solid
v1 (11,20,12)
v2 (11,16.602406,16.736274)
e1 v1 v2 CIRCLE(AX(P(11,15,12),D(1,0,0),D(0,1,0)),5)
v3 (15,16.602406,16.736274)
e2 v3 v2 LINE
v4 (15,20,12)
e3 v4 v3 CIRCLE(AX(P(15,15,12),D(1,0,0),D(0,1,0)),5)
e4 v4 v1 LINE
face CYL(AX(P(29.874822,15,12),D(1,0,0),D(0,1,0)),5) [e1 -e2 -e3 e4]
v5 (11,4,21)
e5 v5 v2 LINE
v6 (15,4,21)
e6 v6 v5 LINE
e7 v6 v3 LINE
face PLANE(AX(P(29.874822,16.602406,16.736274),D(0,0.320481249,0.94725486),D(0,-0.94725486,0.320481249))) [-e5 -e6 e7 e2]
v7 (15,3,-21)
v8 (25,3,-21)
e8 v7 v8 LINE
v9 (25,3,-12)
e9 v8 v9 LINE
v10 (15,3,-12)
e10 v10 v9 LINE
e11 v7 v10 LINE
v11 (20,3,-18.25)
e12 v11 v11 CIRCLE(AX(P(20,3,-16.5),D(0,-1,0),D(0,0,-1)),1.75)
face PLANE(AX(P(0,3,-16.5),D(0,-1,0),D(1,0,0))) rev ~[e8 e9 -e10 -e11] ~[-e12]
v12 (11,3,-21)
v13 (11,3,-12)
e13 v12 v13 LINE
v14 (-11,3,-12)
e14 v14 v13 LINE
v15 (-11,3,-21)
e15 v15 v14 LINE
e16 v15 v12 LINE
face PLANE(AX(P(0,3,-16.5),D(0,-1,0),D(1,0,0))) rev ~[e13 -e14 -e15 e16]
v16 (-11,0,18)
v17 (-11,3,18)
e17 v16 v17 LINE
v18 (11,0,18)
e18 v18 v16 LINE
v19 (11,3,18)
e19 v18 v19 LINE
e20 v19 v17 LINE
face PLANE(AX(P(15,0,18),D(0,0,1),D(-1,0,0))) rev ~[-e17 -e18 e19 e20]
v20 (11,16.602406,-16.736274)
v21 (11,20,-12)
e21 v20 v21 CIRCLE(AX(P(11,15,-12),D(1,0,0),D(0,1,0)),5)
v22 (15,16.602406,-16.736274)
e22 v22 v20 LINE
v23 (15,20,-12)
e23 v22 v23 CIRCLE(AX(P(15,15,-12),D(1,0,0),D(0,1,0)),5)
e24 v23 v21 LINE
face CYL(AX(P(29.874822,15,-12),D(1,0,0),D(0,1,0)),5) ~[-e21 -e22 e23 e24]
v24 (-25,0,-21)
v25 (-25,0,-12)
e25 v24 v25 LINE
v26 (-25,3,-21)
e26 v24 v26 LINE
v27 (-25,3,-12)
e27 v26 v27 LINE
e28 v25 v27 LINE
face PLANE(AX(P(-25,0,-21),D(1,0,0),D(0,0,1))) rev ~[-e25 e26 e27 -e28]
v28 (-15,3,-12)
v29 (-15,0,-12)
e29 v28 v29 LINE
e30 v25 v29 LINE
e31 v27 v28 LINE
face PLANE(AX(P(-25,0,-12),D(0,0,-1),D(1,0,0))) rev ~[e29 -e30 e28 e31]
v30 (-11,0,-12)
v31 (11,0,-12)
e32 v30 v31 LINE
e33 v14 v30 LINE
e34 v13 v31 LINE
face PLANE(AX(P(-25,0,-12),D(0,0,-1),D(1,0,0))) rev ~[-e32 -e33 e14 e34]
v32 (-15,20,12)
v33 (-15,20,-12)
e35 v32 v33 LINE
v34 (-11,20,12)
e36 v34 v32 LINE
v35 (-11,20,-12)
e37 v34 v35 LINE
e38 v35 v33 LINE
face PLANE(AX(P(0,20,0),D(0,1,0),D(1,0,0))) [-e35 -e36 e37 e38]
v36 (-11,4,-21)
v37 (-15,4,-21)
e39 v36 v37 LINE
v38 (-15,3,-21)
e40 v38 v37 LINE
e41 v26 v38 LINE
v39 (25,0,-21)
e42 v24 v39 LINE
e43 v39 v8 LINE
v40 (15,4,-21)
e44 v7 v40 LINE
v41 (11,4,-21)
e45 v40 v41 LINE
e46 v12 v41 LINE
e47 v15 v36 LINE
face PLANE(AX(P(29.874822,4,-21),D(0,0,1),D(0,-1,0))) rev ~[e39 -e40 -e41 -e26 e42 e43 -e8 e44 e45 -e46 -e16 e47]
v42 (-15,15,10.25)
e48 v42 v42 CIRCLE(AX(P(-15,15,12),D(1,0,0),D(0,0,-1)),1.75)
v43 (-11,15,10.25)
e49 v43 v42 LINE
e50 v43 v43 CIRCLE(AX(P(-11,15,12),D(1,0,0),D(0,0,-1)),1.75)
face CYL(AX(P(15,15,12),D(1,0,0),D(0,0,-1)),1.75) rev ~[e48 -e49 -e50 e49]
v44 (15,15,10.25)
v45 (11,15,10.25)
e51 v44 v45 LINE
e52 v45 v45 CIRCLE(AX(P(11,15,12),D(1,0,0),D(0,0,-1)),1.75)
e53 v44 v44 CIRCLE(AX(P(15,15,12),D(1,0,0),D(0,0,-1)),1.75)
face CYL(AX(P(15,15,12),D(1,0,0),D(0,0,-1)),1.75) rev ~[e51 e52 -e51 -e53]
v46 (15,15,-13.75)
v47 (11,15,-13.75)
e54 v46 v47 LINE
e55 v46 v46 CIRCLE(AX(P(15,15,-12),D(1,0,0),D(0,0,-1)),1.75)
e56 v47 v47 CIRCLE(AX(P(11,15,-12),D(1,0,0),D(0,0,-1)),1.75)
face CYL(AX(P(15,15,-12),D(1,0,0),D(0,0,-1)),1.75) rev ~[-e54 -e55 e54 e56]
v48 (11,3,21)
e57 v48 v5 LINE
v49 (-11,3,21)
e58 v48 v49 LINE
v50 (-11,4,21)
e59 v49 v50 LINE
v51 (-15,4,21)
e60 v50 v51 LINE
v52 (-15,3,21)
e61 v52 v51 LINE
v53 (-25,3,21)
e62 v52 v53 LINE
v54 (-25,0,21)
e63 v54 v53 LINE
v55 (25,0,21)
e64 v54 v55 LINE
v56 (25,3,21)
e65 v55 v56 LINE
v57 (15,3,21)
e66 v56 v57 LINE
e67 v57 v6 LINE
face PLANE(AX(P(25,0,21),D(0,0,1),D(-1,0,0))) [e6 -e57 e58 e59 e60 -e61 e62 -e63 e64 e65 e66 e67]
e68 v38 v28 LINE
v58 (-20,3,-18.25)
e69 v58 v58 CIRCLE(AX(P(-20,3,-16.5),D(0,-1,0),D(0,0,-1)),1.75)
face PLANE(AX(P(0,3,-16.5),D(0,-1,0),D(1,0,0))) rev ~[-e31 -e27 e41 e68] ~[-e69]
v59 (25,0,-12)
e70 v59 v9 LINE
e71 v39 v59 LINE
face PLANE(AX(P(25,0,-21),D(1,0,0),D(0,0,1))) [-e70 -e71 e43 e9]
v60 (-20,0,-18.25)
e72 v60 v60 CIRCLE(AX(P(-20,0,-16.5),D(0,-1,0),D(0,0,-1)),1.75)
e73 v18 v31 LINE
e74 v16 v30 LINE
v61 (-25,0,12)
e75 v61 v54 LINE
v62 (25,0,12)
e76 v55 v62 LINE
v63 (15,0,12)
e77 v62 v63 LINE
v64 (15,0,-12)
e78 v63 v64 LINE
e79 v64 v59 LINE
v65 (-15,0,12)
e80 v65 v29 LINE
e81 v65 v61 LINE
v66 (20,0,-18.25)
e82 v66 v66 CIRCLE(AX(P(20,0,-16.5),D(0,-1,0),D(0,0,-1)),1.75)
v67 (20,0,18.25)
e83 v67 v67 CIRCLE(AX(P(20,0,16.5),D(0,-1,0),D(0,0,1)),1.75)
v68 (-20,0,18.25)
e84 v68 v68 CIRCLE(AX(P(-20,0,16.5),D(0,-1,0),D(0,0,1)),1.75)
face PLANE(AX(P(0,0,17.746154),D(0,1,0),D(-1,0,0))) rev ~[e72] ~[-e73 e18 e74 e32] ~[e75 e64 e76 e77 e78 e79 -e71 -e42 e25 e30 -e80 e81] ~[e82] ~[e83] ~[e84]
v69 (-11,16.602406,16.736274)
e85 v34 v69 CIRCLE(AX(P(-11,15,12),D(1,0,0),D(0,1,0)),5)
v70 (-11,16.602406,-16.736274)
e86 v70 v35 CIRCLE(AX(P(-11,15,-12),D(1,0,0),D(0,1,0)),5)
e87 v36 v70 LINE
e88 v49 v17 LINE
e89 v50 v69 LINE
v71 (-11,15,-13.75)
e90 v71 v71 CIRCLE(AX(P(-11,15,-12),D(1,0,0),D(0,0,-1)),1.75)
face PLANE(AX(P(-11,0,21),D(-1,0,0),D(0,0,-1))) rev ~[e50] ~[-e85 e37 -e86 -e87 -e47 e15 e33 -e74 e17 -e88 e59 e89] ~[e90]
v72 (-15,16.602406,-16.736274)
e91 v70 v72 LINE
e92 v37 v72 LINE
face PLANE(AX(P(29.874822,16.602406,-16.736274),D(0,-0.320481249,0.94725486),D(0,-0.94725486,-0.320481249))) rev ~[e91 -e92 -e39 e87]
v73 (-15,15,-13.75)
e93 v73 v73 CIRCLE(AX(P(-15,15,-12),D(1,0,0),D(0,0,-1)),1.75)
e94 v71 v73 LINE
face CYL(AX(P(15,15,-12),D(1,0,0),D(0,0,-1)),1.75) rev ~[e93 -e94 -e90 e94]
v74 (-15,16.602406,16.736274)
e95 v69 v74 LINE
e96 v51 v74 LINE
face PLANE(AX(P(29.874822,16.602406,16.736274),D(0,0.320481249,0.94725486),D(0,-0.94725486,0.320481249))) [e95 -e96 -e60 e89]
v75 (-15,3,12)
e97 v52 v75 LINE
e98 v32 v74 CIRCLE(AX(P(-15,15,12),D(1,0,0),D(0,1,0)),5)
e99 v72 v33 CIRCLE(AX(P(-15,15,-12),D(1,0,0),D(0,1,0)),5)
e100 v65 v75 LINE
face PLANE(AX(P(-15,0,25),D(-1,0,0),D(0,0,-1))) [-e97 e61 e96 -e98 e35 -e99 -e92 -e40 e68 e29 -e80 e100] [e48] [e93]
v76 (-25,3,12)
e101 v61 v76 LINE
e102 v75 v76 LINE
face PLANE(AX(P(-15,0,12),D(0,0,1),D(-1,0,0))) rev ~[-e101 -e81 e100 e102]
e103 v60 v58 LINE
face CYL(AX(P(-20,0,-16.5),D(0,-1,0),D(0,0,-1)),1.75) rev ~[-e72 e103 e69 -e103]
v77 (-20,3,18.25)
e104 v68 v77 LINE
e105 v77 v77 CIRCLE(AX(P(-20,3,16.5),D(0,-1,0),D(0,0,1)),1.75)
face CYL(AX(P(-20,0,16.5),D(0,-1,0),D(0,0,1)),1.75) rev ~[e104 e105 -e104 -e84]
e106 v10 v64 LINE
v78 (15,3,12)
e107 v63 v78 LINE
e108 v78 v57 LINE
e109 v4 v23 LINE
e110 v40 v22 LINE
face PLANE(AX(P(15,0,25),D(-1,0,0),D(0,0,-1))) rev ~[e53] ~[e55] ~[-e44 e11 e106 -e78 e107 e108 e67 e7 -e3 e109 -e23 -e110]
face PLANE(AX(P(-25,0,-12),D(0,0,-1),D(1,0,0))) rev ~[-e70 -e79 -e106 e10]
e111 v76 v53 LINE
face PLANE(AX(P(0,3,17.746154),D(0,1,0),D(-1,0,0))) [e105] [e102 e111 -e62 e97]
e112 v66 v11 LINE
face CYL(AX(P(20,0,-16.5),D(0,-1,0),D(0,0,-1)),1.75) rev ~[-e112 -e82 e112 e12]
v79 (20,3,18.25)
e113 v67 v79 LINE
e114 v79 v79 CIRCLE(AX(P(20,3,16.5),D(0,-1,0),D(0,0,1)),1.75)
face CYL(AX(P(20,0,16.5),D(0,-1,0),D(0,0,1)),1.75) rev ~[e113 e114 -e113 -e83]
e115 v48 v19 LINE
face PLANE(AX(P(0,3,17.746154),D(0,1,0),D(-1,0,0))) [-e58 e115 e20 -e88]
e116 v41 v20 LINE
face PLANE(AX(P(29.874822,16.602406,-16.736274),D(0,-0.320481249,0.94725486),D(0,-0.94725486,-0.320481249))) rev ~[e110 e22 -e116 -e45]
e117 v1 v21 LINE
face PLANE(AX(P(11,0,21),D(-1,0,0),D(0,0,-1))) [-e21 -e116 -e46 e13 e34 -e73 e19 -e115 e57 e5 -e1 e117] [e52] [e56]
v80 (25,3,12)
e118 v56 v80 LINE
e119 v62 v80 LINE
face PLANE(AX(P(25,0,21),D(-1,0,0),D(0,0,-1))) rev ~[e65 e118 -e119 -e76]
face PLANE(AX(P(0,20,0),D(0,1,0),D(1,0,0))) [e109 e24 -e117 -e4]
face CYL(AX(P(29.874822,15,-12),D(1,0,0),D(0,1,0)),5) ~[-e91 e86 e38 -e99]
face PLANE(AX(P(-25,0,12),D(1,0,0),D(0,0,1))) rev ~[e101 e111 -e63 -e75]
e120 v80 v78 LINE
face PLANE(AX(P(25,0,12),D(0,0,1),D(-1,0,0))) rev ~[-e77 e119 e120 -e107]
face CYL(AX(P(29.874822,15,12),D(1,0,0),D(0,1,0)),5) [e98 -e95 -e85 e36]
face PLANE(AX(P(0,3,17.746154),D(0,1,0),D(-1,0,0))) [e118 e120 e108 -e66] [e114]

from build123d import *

# Parameters (mm, degrees)
ESBO_O1_W                  = 30
ESBO_O1_H                  = 50
ESBO_O1_W_2                = 22
ESBO_O1_H_2                = 42
RESSALTO_EXTRUS_O1_DEPTH   = 20
ESBO_O3_R                  = 1.75
CORTE_EXTRUS_O2_DEPTH      = 44.874821937
CORTE_EXTRUS_O3_DEPTH      = 44.874821937
CORTE_EXTRUS_O3_DEPTH_BACK = 44.874821937
ESBO_O6_R                  = 1.75
ESBO_O6_W                  = 50
ESBO_O6_H                  = 9
RESSALTO_EXTRUS_O2_DEPTH   = 3


with BuildPart() as part:
    # Esboço1 → Ressalto-extrusão1 (new body)
    with BuildSketch(Plane(origin=(0, 0, 0), x_dir=(1, 0, 0), z_dir=(0, 1, 0))):
        Rectangle(ESBO_O1_W, ESBO_O1_H)
        Rectangle(ESBO_O1_W_2, ESBO_O1_H_2, mode=Mode.SUBTRACT)
    extrude(amount=RESSALTO_EXTRUS_O1_DEPTH)

    # Esboço3 → Corte-extrusão2 (cut, through all)
    with BuildSketch(Plane(origin=(15, 0, 0), x_dir=(0, 0, -1), z_dir=(1, 0, 0))):
        with Locations((-12, 15)):
            Circle(ESBO_O3_R)
        with Locations((12, 15)):
            Circle(ESBO_O3_R)
    extrude(amount=-CORTE_EXTRUS_O2_DEPTH, mode=Mode.SUBTRACT)

    # Esboço5 → Corte-extrusão3 (cut, two sides: drawn at the far end of the back side and taken through both)
    with BuildSketch(Plane.ZY.offset(15).offset(-CORTE_EXTRUS_O3_DEPTH_BACK)):
        with BuildLine():
            Line((-16.736274298, 16.602406244), (-21, 4))
            Line((-21, 4), (-21, 0))
            Line((-21, 0), (-25, 0))
            Line((-25, 0), (-25, 4))
            Line((-25, 4), (-25, 20))
            Line((-25, 20), (-12, 20))
            ThreePointArc((-12, 20), (-14.914444096, 19.062759605), (-16.736274298, 16.602406244))
        make_face()
        with BuildLine():
            Line((25, 0), (25, 4))
            Line((25, 4), (25, 20))
            Line((25, 20), (12, 20))
            ThreePointArc((12, 20), (14.914444096, 19.062759605), (16.736274298, 16.602406244))
            Line((16.736274298, 16.602406244), (21, 4))
            Line((21, 4), (21, 0))
            Line((21, 0), (25, 0))
        make_face()
    extrude(amount=CORTE_EXTRUS_O3_DEPTH + CORTE_EXTRUS_O3_DEPTH_BACK, mode=Mode.SUBTRACT)


with BuildPart() as corte_extrus_o3_piece_1:
    # of the separate pieces the step leaves, piece 1, a body of its own (corte_extrus_o3_pieces)
    add(part.part.solids().sort_by_distance((-15, 0, 21))[0])



with BuildPart() as corte_extrus_o3_piece_2:
    # of the separate pieces the step leaves, piece 2, a body of its own (corte_extrus_o3_pieces)
    add(part.part.solids().sort_by_distance((15, 0, -21))[0])


with BuildPart() as corte_extrus_o3_piece_1_1:
    add(corte_extrus_o3_piece_1.part)

    add(corte_extrus_o3_piece_2.part)  # Ressalto-extrusão2 merges Corte-extrusão3 piece 2
    # Esboço6 → Ressalto-extrusão2 (add)
    # profile 1 of 2: a face of its own
    with BuildSketch(Plane.XZ):
        Polygon((-15, 21), (15, 21), (25, 21), (25, 12), (15, 12), (15, 18), (-15, 18), (-15, 12), (-25, 12), (-25, 21), align=None)
        with Locations(Location((20, 16.5, 0), (0, 0, 90))):
            Circle(ESBO_O6_R, mode=Mode.SUBTRACT)
        with Locations(Location((-20, 16.5, 0), (0, 0, 90))):
            Circle(ESBO_O6_R, mode=Mode.SUBTRACT)
    # profile 2 of 2: a face of its own
    with BuildSketch(Plane.XZ):
        with Locations((0, -16.5)):
            Rectangle(ESBO_O6_W, ESBO_O6_H)
        with Locations(Location((-20, -16.5, 0), (0, 0, 270))):
            Circle(ESBO_O6_R, mode=Mode.SUBTRACT)
        with Locations(Location((20, -16.5, 0), (0, 0, 270))):
            Circle(ESBO_O6_R, mode=Mode.SUBTRACT)
    extrude(amount=-RESSALTO_EXTRUS_O2_DEPTH)


solid = corte_extrus_o3_piece_1_1.part
